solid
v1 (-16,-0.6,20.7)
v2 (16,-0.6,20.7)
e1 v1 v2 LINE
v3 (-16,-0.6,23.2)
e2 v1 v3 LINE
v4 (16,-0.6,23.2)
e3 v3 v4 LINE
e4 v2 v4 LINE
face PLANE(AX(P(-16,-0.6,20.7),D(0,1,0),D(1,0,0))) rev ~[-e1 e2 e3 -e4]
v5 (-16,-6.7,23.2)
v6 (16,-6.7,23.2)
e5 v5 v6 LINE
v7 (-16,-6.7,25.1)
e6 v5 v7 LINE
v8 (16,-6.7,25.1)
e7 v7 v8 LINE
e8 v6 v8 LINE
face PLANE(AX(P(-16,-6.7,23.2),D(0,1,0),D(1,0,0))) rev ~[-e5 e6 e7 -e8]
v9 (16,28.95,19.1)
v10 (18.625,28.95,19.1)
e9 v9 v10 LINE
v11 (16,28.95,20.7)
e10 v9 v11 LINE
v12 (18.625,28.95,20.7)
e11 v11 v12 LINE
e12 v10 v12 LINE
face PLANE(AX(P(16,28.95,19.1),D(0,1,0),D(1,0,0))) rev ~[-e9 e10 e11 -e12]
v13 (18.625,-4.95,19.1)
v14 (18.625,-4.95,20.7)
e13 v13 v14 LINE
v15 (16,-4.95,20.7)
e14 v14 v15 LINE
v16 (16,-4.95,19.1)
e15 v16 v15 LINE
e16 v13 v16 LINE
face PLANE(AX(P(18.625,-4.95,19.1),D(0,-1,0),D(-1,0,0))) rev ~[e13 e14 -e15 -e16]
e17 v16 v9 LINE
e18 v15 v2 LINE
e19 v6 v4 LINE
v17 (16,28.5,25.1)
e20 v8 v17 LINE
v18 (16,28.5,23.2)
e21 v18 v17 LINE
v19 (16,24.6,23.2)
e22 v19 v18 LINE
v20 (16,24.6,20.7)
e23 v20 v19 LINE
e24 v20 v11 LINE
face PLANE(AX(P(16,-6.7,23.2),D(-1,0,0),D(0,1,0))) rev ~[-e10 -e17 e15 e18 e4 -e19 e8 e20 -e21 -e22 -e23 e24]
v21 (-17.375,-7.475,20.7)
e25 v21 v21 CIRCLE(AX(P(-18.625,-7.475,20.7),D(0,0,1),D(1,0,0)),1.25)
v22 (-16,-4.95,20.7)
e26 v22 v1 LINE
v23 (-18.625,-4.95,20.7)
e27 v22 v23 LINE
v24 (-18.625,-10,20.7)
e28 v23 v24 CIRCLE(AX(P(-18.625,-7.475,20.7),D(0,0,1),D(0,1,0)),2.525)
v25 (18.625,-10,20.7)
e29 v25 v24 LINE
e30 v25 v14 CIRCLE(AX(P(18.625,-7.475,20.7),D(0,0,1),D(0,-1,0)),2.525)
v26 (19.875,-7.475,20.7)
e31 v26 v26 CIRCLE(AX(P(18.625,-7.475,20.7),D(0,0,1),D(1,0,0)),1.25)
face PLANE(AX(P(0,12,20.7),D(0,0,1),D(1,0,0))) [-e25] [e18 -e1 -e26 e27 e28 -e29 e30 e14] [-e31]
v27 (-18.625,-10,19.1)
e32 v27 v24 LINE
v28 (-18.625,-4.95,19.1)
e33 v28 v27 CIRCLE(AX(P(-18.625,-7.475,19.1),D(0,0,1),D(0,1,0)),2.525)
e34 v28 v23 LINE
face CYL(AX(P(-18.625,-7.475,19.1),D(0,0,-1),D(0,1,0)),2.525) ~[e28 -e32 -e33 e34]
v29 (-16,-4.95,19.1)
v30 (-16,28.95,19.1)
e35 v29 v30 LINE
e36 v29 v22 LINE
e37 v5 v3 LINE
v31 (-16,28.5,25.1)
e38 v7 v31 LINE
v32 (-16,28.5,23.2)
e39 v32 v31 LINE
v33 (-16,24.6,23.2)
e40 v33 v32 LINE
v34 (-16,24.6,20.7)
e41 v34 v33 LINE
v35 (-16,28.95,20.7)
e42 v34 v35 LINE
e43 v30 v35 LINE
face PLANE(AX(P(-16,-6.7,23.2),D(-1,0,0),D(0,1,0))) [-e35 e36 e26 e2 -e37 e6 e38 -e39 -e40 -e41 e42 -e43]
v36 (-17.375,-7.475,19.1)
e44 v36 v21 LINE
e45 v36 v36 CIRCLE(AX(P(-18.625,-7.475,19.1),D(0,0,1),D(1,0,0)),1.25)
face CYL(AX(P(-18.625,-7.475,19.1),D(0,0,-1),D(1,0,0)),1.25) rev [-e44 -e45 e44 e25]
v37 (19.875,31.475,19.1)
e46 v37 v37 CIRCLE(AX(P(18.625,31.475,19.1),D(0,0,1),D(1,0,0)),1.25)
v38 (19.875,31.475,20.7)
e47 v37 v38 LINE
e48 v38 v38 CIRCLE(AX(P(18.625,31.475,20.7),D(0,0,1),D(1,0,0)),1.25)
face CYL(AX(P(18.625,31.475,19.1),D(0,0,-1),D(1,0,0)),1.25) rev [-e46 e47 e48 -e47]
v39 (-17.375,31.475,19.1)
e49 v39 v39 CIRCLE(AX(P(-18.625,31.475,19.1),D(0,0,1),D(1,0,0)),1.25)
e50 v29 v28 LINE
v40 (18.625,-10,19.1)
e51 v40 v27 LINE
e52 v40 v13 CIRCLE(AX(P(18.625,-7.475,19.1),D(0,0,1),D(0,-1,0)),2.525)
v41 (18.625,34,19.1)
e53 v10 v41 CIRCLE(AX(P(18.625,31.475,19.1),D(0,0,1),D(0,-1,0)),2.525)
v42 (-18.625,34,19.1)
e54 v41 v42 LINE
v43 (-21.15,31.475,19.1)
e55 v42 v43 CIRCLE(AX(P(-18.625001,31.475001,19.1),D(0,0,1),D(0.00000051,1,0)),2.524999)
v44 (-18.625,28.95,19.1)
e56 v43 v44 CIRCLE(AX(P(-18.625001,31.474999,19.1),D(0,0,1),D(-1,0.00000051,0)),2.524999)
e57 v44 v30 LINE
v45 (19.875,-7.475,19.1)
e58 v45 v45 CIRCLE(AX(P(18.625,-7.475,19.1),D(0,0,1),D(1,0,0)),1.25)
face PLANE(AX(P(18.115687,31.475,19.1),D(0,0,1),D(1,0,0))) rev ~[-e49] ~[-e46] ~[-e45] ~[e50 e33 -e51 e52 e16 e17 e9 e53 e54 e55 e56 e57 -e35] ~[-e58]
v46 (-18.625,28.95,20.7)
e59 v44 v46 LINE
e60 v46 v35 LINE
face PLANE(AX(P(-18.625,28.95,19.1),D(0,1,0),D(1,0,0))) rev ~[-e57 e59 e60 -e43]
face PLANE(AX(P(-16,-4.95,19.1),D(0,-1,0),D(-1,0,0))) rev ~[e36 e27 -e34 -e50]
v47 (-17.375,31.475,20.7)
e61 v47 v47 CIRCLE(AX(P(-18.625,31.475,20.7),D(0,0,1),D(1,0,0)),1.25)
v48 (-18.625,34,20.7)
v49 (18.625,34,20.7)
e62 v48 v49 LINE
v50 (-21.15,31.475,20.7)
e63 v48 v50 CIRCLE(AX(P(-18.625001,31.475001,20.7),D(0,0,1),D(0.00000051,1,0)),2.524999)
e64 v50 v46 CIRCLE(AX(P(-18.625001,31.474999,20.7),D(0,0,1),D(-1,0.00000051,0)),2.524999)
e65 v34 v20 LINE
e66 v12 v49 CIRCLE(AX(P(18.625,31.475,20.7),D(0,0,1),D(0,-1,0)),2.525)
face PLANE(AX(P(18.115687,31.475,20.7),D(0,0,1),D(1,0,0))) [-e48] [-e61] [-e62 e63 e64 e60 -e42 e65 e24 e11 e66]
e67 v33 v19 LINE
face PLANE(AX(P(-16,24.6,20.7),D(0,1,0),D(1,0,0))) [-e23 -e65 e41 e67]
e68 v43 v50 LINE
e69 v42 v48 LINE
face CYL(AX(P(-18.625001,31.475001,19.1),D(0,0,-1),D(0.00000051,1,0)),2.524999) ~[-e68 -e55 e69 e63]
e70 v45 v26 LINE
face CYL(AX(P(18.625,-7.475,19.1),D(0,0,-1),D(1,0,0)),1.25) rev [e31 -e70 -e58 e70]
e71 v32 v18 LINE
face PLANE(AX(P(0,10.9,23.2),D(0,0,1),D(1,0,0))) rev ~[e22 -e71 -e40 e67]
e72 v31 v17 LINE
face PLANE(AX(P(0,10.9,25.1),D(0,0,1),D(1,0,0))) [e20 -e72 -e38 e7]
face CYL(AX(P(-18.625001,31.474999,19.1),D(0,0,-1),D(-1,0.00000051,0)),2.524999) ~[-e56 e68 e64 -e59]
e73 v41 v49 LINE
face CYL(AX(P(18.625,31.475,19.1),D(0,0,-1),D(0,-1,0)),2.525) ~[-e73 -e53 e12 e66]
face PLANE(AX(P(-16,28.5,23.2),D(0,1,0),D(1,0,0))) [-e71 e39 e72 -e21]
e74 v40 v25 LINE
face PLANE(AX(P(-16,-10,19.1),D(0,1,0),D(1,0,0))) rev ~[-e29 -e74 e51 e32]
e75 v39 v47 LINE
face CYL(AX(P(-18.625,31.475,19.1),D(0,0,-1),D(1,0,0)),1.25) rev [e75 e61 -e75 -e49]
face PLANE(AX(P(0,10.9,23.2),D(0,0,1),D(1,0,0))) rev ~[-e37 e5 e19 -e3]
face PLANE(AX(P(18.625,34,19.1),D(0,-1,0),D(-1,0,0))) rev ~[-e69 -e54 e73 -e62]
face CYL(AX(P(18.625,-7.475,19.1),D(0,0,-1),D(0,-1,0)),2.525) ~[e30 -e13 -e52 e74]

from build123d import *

# Parameters (mm, degrees)
SKETCH073_W  = 32
SKETCH073_H  = 44
PAD037_DEPTH = 1.6
SKETCH074_W  = 32
SKETCH074_H  = 25.2
PAD038_DEPTH = 2.5
SKETCH075_W  = 32
SKETCH075_H  = 35.2
PAD039_DEPTH = 1.9
SKETCH076_R  = 1.25
PAD040_DEPTH = 1.6


with BuildPart() as part:
    # Sketch073 → Pad037 (new body)
    with BuildSketch(Plane.XY):
        Rectangle(SKETCH073_W, SKETCH073_H)
    extrude(amount=PAD037_DEPTH)

    # Sketch074 → Pad038 (join)
    with BuildSketch(Plane.XY.offset(1.6)):
        Rectangle(SKETCH074_W, SKETCH074_H)
    extrude(amount=PAD038_DEPTH)

    # Sketch075 → Pad039 (join)
    with BuildSketch(Plane.XY.offset(4.1)):
        with Locations((0, -1.1)):
            Rectangle(SKETCH075_W, SKETCH075_H)
    extrude(amount=PAD039_DEPTH)

    # Sketch076 → Pad040 (join)
    with BuildSketch(Plane.XY):
        with BuildLine():
            Line((16, 22), (16, 16.95))
            Line((16, 16.95), (18.625, 16.95))
            ThreePointArc((18.625, 16.95), (21.15, 19.475), (18.625, 22))
            Line((18.625, 22), (16, 22))
        make_face()
        with Locations((18.625, 19.475)):
            Circle(SKETCH076_R, mode=Mode.SUBTRACT)
        with BuildLine():
            Line((16, -22), (18.625, -22))
            ThreePointArc((18.625, -22), (21.15, -19.475), (18.625, -16.95))
            Line((18.625, -16.95), (16, -16.95))
            Line((16, -16.95), (16, -22))
        make_face()
        with Locations((18.625, -19.475)):
            Circle(SKETCH076_R, mode=Mode.SUBTRACT)
        with BuildLine():
            Line((-16, -22), (-16, -16.95))
            Line((-16, -16.95), (-18.625, -16.95))
            ThreePointArc((-18.625, -16.95), (-21.15, -19.475), (-18.625, -22))
            Line((-18.625, -22), (-16, -22))
        make_face()
        with Locations((-18.625, -19.475)):
            Circle(SKETCH076_R, mode=Mode.SUBTRACT)
        with BuildLine():
            Line((-16, 22), (-18.625, 22))
            ThreePointArc((-18.625, 22), (-20.410445, 21.260445), (-21.15, 19.475))
            ThreePointArc((-21.15, 19.475), (-20.410445, 17.689555), (-18.625, 16.95))
            Line((-18.625, 16.95), (-16, 16.95))
            Line((-16, 16.95), (-16, 22))
        make_face()
        with Locations((-18.625, 19.475)):
            Circle(SKETCH076_R, mode=Mode.SUBTRACT)
    extrude(amount=PAD040_DEPTH)


with BuildPart() as part_1:
    # Body011 placement: moved
    add(part.part.moved(Location((0, 12, 19.1))))


solid = part_1.part
